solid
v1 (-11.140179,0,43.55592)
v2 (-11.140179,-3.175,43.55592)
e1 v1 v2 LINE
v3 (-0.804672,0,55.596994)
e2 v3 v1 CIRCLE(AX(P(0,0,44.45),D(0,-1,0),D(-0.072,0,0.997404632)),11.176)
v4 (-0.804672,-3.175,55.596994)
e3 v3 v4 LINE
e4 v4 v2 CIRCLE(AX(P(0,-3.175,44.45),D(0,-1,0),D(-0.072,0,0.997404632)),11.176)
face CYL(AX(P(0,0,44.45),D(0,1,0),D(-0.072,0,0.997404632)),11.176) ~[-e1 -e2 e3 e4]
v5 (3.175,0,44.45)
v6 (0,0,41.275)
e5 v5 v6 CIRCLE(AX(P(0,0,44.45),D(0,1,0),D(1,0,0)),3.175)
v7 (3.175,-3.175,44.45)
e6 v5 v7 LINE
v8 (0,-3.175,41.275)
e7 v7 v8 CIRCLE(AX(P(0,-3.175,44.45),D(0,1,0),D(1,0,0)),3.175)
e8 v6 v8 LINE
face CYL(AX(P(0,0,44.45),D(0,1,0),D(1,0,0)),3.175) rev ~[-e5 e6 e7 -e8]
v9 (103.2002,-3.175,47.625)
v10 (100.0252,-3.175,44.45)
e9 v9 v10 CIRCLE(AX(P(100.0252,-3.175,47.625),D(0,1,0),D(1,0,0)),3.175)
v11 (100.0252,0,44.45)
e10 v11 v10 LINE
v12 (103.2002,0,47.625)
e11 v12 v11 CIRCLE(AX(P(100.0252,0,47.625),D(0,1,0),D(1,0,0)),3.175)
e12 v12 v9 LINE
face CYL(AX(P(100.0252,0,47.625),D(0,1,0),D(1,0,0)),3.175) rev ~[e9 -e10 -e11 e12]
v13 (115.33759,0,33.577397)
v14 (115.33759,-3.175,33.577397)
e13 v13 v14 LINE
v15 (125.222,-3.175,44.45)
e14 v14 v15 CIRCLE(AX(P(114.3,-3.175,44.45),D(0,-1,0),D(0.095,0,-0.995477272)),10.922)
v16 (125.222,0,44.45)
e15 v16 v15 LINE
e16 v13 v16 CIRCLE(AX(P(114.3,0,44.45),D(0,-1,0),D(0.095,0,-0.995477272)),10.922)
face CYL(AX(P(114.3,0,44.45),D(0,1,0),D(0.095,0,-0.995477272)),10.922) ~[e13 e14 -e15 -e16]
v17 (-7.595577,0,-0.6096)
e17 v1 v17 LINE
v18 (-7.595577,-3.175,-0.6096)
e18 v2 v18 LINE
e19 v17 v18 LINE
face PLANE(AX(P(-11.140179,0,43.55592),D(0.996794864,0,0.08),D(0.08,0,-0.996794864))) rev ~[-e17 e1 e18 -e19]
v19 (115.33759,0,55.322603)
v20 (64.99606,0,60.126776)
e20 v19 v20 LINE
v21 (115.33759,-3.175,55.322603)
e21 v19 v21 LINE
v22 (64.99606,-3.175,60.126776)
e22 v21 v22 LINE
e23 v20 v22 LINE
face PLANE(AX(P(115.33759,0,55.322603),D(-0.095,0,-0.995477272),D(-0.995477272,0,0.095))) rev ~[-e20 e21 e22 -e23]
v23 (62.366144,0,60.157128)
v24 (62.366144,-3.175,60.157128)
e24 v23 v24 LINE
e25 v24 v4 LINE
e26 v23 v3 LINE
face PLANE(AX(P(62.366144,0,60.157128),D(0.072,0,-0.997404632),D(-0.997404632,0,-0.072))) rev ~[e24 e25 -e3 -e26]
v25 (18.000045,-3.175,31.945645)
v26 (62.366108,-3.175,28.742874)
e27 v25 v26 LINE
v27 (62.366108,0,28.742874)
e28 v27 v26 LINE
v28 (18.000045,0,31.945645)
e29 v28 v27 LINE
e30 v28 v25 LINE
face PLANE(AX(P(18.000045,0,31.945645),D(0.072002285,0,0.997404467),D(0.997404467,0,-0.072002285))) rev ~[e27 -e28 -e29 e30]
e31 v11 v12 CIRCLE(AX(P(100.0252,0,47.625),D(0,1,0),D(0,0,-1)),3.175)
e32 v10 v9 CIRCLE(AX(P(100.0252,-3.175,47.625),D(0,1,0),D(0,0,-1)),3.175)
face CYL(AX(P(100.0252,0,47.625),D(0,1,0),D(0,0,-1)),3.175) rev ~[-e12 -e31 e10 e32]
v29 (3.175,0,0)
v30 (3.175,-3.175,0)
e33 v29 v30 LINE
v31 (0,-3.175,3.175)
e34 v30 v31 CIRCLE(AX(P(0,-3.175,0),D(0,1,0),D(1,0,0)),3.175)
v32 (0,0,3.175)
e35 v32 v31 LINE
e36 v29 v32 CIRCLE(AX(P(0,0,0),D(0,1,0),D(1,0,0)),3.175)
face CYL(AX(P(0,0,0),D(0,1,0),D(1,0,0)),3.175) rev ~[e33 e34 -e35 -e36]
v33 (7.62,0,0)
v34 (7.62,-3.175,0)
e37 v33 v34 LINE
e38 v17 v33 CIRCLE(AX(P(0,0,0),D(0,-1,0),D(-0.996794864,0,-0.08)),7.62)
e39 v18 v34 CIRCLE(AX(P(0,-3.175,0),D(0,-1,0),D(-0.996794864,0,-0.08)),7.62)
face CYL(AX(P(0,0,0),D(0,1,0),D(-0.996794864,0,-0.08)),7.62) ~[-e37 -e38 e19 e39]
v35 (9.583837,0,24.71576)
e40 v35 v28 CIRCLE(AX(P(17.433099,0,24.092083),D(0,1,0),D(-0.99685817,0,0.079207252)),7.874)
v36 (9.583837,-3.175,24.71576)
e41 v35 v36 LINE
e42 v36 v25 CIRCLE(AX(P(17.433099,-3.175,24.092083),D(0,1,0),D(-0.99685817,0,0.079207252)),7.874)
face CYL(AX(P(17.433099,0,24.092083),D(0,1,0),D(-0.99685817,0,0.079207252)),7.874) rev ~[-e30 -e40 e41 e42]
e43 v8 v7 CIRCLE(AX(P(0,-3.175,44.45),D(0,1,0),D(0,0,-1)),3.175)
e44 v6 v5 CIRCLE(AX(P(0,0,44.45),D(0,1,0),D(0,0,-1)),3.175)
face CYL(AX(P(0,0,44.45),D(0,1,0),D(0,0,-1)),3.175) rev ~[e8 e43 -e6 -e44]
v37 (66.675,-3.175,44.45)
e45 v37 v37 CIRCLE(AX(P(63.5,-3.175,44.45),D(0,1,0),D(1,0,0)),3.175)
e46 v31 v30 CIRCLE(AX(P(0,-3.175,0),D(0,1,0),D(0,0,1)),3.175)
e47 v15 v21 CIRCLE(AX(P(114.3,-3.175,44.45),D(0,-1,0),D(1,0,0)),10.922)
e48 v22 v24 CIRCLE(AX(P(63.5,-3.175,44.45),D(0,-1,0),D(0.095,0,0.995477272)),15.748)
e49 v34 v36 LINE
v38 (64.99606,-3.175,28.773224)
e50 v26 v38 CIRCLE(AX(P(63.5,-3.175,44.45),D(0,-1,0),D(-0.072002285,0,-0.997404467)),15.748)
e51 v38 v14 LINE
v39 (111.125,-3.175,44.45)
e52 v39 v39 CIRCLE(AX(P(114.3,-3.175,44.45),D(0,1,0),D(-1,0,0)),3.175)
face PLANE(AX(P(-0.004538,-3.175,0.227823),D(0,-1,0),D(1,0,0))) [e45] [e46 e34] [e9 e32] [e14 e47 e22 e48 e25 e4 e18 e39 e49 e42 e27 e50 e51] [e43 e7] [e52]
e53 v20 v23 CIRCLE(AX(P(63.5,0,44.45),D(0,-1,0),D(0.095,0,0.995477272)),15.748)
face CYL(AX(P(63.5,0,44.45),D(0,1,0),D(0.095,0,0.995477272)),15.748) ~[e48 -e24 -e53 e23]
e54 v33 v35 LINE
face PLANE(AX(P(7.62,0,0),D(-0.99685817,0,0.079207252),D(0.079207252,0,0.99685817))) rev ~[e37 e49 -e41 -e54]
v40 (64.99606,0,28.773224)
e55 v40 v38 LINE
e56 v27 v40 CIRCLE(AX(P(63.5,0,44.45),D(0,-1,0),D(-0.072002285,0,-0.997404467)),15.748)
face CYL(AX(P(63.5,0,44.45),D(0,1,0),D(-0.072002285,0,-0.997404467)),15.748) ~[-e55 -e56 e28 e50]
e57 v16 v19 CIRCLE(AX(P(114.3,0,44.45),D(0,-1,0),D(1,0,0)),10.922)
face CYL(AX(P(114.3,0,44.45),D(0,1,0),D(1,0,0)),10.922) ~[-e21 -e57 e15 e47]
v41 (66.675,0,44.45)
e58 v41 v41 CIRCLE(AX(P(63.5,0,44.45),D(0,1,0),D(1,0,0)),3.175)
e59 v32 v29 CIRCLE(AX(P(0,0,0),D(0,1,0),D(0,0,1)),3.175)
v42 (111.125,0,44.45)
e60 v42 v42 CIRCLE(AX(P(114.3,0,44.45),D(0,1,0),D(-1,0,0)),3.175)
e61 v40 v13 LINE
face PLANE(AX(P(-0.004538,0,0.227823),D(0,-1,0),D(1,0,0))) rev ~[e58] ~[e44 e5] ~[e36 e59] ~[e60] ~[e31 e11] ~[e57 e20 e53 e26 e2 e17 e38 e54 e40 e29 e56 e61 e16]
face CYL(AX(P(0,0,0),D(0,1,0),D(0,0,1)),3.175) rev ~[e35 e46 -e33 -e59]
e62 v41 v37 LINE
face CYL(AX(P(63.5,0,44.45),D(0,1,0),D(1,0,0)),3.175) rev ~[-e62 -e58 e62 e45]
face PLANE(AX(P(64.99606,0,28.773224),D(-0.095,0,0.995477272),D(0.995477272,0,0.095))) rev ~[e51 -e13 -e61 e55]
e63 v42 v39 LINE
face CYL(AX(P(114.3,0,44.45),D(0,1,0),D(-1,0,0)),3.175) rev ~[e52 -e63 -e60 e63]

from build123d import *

# Parameters (mm, degrees)
F1_DEPTH = 3.175


with BuildPart() as f1:
    # F0 (on Front) → F1 (new body)
    with BuildSketch(Plane.XZ):
        with BuildLine():
            ThreePointArc((0, 7.62), (-5.599533552, 5.1681354471), (-7.5955768603, -0.6096))
            ThreePointArc((-7.5955768603, -0.6096), (0.3050445253, -7.6138917669), (7.62, 0))
            ThreePointArc((7.62, 0), (5.3881536726, 5.3881536726), (0, 7.62))
        make_face()
        with BuildLine():
            ThreePointArc((3.175, 0), (-2.2450640303, -2.2450640303), (0, 3.175))
            ThreePointArc((0, 3.175), (2.2450640303, 2.2450640303), (3.175, 0))
        make_face(mode=Mode.SUBTRACT)
        with BuildLine():
            Line((-11.140179395, 43.55592), (-7.5955768603, -0.6096))
            ThreePointArc((-7.5955768603, -0.6096), (-5.599533552, 5.1681354471), (0, 7.62))
            Line((0, 7.62), (0, 33.274))
            ThreePointArc((0, 33.274), (-7.5799319891, 36.2373507904), (-11.140179395, 43.55592))
        make_face()
        with BuildLine():
            Line((62.366144, 60.1571281452), (-0.804672, 55.5969941676))
            ThreePointArc((-0.804672, 55.5969941676), (7.612816881, 52.6321754525), (11.176, 44.45))
            Line((11.176, 44.45), (47.752, 44.45))
            ThreePointArc((47.752, 44.45), (51.9705709533, 55.1771510596), (62.366144, 60.1571281452))
        make_face()
        with BuildLine():
            ThreePointArc((79.248, 44.45), (75.1524558974, 33.8566164253), (64.99606, 28.7732239132))
            Line((64.99606, 28.7732239132), (115.33759, 33.5773972301))
            ThreePointArc((115.33759, 33.5773972301), (106.9529759079, 36.3684580067), (103.378, 44.45))
            Line((103.378, 44.45), (100.0252, 44.45))
            Line((100.0252, 44.45), (79.248, 44.45))
        make_face()
        with BuildLine():
            ThreePointArc((125.222, 44.45), (122.3815419933, 51.7970240921), (115.33759, 55.3226027699))
            ThreePointArc((115.33759, 55.3226027699), (106.9529759079, 52.5315419933), (103.378, 44.45))
            ThreePointArc((103.378, 44.45), (106.9529759079, 36.3684580067), (115.33759, 33.5773972301))
            ThreePointArc((115.33759, 33.5773972301), (122.3815419933, 37.1029759079), (125.222, 44.45))
        make_face()
        with BuildLine():
            ThreePointArc((117.475, 44.45), (114.3, 41.275), (111.125, 44.45))
            ThreePointArc((111.125, 44.45), (114.3, 47.625), (117.475, 44.45))
        make_face(mode=Mode.SUBTRACT)
        with BuildLine():
            ThreePointArc((-0.804672, 55.5969941676), (-8.4803735466, 51.7291648223), (-11.140179395, 43.55592))
            ThreePointArc((-11.140179395, 43.55592), (-7.5799319891, 36.2373507904), (0, 33.274))
            Line((0, 33.274), (0, 41.275))
            ThreePointArc((0, 41.275), (-2.2450640303, 46.6950640303), (3.175, 44.45))
            Line((3.175, 44.45), (11.176, 44.45))
            ThreePointArc((11.176, 44.45), (7.612816881, 52.6321754525), (-0.804672, 55.5969941676))
        make_face()
        with BuildLine():
            ThreePointArc((64.99606, 60.1267760868), (63.6817367499, 60.1969513162), (62.366144, 60.1571281452))
            ThreePointArc((62.366144, 60.1571281452), (51.9705709533, 55.1771510596), (47.752, 44.45))
            Line((47.752, 44.45), (60.325, 44.45))
            ThreePointArc((60.325, 44.45), (63.5, 47.625), (66.675, 44.45))
            Line((66.675, 44.45), (79.248, 44.45))
            ThreePointArc((79.248, 44.45), (75.1524558974, 55.0433835747), (64.99606, 60.1267760868))
        make_face()
        with BuildLine():
            ThreePointArc((47.752, 44.45), (51.970558664, 33.7228621488), (62.3661080111, 28.7428744527))
            ThreePointArc((62.3661080111, 28.7428744527), (63.6817187098, 28.7030484756), (64.99606, 28.7732239132))
            ThreePointArc((64.99606, 28.7732239132), (75.1524558974, 33.8566164253), (79.248, 44.45))
            Line((79.248, 44.45), (66.675, 44.45))
            ThreePointArc((66.675, 44.45), (63.5, 41.275), (60.325, 44.45))
            Line((60.325, 44.45), (47.752, 44.45))
        make_face()
        with BuildLine():
            Line((115.33759, 55.3226027699), (64.99606, 60.1267760868))
            ThreePointArc((64.99606, 60.1267760868), (75.1524558974, 55.0433835747), (79.248, 44.45))
            Line((79.248, 44.45), (100.0252, 44.45))
            Line((100.0252, 44.45), (103.378, 44.45))
            ThreePointArc((103.378, 44.45), (106.9529759079, 52.5315419933), (115.33759, 55.3226027699))
        make_face()
        with BuildLine():
            ThreePointArc((103.2002, 47.625), (102.2702640303, 45.3799359697), (100.0252, 44.45))
            ThreePointArc((100.0252, 44.45), (97.7801359697, 49.8700640303), (103.2002, 47.625))
        make_face(mode=Mode.SUBTRACT)
        with BuildLine():
            Line((0, 41.275), (0, 33.274))
            ThreePointArc((0, 33.274), (7.9026253865, 36.5473746135), (11.176, 44.45))
            Line((11.176, 44.45), (3.175, 44.45))
            ThreePointArc((3.175, 44.45), (2.2450640303, 42.2049359697), (0, 41.275))
        make_face()
        with BuildLine():
            ThreePointArc((0, 7.62), (5.3881536726, 5.3881536726), (7.62, 0))
            Line((7.62, 0), (9.5838374982, 24.7157604221))
            ThreePointArc((9.5838374982, 24.7157604221), (12.3022276898, 30.0648572861), (18.000044724, 31.9456452964))
            Line((18.000044724, 31.9456452964), (62.3661080111, 28.7428744527))
            ThreePointArc((62.3661080111, 28.7428744527), (51.970558664, 33.7228621488), (47.752, 44.45))
            Line((47.752, 44.45), (11.176, 44.45))
            ThreePointArc((11.176, 44.45), (7.9026253865, 36.5473746135), (0, 33.274))
            Line((0, 33.274), (0, 7.62))
        make_face()
    extrude(amount=F1_DEPTH)


solid = f1.part
